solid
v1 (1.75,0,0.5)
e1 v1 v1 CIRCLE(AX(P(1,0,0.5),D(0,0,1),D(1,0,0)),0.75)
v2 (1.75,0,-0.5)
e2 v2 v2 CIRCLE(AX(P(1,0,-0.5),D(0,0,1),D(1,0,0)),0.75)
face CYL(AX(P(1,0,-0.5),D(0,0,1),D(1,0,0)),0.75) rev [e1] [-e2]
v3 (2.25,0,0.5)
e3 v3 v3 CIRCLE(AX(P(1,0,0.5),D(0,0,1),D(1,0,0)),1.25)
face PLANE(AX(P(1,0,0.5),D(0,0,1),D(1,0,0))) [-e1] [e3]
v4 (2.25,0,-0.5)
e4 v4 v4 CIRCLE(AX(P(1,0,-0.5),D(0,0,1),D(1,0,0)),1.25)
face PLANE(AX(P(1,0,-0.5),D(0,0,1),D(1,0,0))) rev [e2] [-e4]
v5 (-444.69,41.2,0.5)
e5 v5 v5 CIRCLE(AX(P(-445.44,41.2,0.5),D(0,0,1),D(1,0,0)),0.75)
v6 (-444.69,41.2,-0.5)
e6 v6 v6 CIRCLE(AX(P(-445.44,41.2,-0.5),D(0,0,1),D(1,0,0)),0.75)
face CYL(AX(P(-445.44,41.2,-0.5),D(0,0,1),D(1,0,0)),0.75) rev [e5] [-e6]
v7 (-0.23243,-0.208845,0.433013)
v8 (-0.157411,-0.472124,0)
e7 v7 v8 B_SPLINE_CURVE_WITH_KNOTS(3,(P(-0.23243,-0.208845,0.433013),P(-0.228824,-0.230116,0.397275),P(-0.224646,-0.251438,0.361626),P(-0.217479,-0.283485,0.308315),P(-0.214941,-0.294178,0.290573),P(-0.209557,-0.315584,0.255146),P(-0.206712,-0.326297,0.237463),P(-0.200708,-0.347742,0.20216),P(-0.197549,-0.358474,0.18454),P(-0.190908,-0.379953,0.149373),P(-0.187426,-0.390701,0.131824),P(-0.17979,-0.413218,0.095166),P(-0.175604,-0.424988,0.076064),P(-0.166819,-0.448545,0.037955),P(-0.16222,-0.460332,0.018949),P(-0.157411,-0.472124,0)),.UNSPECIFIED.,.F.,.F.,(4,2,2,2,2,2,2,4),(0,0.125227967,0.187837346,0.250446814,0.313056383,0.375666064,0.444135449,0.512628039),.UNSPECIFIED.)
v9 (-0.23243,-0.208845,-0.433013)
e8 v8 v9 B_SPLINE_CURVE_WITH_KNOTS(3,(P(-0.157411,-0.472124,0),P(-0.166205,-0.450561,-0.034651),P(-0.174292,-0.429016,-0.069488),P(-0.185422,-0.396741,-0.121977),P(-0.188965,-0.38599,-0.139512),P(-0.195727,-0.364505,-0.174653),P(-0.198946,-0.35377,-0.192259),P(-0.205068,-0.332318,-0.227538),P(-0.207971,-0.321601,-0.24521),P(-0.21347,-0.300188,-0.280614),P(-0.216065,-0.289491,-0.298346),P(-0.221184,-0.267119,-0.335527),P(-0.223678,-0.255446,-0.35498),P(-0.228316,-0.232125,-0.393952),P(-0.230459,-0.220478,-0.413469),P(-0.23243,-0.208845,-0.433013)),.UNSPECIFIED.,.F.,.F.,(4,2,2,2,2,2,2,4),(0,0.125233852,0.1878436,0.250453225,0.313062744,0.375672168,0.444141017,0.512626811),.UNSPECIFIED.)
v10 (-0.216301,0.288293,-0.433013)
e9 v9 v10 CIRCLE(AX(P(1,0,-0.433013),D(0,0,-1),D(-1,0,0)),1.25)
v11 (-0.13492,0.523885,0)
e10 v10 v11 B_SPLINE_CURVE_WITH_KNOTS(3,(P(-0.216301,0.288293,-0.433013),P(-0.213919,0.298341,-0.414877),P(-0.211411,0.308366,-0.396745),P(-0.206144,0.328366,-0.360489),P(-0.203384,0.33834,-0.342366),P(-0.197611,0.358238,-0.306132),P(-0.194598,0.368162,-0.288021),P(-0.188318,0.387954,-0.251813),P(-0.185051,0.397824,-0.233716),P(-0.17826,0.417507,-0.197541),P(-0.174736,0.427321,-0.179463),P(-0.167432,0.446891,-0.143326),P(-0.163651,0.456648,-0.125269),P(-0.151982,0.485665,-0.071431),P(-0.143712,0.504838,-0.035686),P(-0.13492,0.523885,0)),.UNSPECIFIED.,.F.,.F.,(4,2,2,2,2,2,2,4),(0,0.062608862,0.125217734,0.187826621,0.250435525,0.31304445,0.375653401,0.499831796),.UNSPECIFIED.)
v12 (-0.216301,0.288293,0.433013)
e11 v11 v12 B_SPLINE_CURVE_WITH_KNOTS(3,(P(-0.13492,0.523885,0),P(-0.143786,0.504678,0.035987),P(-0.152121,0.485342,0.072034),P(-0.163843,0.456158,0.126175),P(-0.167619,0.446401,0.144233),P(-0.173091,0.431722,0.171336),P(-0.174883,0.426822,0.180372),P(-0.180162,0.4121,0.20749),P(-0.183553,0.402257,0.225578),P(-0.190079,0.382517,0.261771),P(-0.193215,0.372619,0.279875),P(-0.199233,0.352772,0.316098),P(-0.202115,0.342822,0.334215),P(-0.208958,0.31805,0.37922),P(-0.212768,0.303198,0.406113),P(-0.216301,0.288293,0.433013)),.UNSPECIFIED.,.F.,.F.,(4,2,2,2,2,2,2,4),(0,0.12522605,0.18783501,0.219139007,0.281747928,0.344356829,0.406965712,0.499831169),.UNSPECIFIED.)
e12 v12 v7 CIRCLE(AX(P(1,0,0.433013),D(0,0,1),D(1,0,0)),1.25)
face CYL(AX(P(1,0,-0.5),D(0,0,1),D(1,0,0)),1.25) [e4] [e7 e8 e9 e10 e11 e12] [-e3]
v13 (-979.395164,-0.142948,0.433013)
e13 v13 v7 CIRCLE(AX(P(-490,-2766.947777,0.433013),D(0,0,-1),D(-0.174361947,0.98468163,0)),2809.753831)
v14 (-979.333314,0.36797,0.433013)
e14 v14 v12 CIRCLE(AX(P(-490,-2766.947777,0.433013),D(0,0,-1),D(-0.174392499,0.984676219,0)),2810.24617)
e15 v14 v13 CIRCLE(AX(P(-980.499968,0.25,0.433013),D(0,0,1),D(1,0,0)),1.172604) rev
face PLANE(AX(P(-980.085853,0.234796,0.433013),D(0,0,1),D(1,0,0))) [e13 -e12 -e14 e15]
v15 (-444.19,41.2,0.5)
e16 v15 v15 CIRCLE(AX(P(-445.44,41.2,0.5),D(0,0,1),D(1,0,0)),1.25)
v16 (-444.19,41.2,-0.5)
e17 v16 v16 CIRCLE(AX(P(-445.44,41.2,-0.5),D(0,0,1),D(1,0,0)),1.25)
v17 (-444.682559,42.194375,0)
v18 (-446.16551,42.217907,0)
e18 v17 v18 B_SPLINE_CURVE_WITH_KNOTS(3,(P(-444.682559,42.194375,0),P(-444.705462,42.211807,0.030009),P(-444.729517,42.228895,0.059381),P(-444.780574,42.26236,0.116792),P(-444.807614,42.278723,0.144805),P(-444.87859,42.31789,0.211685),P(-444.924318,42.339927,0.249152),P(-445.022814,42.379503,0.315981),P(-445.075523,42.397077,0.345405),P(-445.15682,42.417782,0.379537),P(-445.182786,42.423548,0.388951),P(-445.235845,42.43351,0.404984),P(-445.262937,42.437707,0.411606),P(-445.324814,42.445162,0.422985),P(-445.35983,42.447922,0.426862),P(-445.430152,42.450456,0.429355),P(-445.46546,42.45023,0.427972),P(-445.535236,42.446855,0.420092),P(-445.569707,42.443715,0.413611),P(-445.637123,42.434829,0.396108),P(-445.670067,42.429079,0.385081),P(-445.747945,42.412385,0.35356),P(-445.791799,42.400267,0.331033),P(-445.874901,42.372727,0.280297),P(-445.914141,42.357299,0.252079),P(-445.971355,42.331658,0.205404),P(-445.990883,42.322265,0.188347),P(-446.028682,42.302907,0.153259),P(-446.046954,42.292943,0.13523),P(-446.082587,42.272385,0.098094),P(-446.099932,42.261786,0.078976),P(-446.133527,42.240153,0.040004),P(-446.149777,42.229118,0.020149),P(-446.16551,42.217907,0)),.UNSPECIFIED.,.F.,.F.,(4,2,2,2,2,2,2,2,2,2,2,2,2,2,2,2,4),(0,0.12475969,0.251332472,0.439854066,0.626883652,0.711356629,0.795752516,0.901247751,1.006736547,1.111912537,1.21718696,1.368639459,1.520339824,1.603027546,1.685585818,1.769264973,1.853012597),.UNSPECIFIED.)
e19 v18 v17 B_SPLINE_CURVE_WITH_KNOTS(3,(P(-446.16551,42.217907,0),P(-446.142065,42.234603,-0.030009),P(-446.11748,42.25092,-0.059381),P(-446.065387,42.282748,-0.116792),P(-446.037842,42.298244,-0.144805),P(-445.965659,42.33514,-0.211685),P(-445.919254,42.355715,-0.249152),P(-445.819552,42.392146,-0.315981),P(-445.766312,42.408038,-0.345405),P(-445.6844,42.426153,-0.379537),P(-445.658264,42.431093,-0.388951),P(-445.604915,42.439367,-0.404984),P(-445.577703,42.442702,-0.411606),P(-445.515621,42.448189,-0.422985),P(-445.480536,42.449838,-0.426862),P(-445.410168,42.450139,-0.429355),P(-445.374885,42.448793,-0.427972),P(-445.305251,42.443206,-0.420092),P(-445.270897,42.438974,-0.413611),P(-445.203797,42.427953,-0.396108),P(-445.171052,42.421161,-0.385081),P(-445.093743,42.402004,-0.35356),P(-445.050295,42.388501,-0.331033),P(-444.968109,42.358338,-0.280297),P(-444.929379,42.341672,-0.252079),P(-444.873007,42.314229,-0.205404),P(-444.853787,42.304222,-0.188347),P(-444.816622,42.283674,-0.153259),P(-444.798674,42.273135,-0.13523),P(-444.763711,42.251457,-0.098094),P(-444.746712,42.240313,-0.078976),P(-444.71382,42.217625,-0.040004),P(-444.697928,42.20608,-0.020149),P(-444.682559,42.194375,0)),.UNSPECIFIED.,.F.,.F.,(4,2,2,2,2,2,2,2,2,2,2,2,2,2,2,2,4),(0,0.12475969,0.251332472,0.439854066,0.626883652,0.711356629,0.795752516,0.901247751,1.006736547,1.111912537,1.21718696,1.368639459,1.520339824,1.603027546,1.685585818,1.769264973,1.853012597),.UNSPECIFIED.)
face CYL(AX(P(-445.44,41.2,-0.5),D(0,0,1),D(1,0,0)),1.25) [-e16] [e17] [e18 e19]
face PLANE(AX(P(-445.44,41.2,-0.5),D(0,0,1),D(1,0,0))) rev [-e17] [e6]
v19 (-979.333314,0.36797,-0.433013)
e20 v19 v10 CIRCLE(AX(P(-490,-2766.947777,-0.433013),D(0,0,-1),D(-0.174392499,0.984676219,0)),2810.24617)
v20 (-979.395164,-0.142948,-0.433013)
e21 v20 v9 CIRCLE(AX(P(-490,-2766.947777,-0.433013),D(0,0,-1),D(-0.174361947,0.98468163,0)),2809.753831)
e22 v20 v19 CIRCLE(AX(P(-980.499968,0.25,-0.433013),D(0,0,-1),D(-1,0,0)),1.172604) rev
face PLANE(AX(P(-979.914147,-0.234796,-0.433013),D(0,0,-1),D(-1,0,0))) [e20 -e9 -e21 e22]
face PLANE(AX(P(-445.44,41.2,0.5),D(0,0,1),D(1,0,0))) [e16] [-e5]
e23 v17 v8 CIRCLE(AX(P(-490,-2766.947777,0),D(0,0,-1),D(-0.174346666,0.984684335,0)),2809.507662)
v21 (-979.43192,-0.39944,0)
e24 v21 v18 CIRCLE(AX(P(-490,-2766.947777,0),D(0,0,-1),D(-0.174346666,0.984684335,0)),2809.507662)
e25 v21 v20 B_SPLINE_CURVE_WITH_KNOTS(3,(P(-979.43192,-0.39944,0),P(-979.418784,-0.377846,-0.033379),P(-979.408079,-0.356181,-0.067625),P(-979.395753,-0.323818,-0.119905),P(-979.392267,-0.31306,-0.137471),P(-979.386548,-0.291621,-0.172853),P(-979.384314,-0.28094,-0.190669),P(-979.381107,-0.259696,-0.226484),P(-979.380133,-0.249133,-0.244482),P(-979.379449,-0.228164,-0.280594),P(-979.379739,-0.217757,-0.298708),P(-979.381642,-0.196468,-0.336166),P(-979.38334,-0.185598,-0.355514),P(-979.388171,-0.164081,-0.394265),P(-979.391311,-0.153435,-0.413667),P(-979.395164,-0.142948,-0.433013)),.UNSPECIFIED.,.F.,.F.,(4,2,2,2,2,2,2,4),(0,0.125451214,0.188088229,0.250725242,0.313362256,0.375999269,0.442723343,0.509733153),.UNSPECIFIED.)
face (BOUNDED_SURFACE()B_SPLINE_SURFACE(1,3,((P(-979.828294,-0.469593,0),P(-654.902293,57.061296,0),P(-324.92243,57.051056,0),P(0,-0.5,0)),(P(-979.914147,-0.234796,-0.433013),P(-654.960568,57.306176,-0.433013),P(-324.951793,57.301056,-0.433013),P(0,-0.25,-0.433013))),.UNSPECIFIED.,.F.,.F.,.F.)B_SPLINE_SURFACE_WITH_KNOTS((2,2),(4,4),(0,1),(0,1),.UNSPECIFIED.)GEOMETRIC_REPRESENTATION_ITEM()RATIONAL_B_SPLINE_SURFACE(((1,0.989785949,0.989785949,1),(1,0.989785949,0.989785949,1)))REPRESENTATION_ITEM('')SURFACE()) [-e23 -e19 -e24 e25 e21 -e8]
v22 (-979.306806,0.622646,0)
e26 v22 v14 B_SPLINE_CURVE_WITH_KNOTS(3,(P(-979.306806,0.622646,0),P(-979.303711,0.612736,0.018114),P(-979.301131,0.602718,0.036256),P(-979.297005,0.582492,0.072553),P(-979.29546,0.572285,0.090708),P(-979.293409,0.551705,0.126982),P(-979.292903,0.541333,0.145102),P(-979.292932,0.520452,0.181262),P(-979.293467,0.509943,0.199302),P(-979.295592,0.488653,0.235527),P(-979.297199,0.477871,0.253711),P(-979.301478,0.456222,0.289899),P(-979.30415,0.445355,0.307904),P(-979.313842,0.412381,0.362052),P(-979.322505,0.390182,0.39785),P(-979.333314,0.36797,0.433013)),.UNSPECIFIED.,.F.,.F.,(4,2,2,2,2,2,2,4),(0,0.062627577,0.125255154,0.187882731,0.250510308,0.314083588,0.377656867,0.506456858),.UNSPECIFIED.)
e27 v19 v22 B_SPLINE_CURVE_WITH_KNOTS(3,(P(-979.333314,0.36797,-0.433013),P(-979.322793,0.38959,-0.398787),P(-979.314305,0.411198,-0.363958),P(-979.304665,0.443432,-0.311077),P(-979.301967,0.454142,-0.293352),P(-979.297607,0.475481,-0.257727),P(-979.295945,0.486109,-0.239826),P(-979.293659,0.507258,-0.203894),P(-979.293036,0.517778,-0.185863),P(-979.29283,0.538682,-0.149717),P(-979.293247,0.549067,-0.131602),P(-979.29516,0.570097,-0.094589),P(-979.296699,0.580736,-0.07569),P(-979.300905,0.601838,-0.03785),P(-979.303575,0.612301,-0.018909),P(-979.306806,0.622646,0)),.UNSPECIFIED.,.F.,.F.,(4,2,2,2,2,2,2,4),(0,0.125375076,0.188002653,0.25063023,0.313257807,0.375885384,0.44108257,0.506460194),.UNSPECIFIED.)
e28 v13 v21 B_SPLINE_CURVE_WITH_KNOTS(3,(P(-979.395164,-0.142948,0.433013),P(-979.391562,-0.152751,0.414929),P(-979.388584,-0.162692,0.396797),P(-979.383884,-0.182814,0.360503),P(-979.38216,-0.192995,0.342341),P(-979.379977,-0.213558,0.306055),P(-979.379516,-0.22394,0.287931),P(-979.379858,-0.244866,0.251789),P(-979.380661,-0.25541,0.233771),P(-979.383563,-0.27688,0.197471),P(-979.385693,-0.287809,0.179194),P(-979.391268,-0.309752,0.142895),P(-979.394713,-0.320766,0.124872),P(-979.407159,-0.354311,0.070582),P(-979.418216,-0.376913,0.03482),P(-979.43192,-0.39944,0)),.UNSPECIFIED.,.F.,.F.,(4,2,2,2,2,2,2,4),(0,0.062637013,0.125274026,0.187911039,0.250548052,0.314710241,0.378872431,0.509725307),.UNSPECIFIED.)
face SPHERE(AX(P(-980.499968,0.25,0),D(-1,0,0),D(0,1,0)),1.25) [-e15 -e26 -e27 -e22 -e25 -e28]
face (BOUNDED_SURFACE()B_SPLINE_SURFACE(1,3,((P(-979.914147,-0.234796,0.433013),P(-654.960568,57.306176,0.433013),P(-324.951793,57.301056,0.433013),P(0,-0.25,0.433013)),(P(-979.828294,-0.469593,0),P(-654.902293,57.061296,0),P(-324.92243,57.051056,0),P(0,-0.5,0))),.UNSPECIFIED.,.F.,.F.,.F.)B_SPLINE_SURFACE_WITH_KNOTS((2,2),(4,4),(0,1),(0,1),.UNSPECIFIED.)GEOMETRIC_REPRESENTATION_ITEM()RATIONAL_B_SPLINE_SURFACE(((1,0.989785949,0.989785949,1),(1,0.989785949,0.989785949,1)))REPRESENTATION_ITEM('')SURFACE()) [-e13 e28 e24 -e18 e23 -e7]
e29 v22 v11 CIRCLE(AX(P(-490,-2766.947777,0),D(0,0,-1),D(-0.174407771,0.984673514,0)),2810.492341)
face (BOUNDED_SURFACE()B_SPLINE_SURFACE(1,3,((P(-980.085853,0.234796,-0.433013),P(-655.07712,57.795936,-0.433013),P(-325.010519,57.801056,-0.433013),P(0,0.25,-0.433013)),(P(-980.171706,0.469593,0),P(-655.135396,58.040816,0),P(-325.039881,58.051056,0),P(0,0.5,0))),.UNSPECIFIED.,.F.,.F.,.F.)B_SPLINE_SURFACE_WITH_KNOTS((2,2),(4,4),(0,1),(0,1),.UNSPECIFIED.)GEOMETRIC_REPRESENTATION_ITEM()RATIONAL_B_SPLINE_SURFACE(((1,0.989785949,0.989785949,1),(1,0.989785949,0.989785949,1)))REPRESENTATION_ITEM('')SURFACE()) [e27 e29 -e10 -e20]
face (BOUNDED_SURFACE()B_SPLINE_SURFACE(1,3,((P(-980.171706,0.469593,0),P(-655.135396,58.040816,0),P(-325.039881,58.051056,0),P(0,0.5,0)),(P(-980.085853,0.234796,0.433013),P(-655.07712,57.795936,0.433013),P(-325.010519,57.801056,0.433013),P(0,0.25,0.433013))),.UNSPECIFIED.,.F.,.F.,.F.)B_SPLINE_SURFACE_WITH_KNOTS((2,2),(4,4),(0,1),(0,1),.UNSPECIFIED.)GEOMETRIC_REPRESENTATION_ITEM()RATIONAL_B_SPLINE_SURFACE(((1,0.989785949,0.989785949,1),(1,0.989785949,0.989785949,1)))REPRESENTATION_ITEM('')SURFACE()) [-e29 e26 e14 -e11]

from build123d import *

# Parameters (mm, degrees)
SALIENTE_EXTRUIR1_DEPTH      = 0.5
SALIENTE_EXTRUIR1_DEPTH_BACK = 0.5
CROQUIS4_R                   = 1.25
CROQUIS4_R_2                 = 0.75


with BuildPart() as part:
    # Barrer1: sweep along a path in Croquis1
    with BuildLine(Plane.XY) as barrer1_path:
        ThreePointArc((-980, 0), (-490, 43.052223117), (0, 0))
    # Croquis2 → Barrer1 (sweep)
    with BuildSketch(Plane(origin=(0, 0, 0), x_dir=(0, 0, -1), z_dir=(1, 0, 0))):
        Polygon((0, 0.5), (-0.433012702, 0.25), (-0.433012702, -0.25), (0, -0.5), (0.433012702, -0.25), (0.433012702, 0.25), align=None)
    sweep(path=barrer1_path.line)

    # Croquis3 → Revolución1 (revolve)
    with BuildSketch(Plane.XY):
        with BuildLine():
            Line((-981.749968129, 0.25), (-979.249968129, 0.25))
            ThreePointArc((-979.249968129, 0.25), (-980.499968129, 1.5), (-981.749968129, 0.25))
        make_face()
    revolve(axis=Axis((-981.749968129, 0.25, 0), (1, 0, 0)))

    # Croquis4 → Saliente-Extruir1 (add, two sides: drawn at the far end of the back side and taken through both)
    # profile 1 of 2: a face of its own
    with BuildSketch(Plane.XY.offset(-SALIENTE_EXTRUIR1_DEPTH_BACK)):
        with Locations((1, 0)):
            Circle(CROQUIS4_R)
        with Locations((1, 0)):
            Circle(CROQUIS4_R_2, mode=Mode.SUBTRACT)
    # profile 2 of 2: a face of its own
    with BuildSketch(Plane.XY.offset(-SALIENTE_EXTRUIR1_DEPTH_BACK)):
        with Locations((-445.44, 41.2)):
            Circle(CROQUIS4_R)
        with Locations((-445.44, 41.2)):
            Circle(CROQUIS4_R_2, mode=Mode.SUBTRACT)
    extrude(amount=SALIENTE_EXTRUIR1_DEPTH + SALIENTE_EXTRUIR1_DEPTH_BACK)


solid = part.part
